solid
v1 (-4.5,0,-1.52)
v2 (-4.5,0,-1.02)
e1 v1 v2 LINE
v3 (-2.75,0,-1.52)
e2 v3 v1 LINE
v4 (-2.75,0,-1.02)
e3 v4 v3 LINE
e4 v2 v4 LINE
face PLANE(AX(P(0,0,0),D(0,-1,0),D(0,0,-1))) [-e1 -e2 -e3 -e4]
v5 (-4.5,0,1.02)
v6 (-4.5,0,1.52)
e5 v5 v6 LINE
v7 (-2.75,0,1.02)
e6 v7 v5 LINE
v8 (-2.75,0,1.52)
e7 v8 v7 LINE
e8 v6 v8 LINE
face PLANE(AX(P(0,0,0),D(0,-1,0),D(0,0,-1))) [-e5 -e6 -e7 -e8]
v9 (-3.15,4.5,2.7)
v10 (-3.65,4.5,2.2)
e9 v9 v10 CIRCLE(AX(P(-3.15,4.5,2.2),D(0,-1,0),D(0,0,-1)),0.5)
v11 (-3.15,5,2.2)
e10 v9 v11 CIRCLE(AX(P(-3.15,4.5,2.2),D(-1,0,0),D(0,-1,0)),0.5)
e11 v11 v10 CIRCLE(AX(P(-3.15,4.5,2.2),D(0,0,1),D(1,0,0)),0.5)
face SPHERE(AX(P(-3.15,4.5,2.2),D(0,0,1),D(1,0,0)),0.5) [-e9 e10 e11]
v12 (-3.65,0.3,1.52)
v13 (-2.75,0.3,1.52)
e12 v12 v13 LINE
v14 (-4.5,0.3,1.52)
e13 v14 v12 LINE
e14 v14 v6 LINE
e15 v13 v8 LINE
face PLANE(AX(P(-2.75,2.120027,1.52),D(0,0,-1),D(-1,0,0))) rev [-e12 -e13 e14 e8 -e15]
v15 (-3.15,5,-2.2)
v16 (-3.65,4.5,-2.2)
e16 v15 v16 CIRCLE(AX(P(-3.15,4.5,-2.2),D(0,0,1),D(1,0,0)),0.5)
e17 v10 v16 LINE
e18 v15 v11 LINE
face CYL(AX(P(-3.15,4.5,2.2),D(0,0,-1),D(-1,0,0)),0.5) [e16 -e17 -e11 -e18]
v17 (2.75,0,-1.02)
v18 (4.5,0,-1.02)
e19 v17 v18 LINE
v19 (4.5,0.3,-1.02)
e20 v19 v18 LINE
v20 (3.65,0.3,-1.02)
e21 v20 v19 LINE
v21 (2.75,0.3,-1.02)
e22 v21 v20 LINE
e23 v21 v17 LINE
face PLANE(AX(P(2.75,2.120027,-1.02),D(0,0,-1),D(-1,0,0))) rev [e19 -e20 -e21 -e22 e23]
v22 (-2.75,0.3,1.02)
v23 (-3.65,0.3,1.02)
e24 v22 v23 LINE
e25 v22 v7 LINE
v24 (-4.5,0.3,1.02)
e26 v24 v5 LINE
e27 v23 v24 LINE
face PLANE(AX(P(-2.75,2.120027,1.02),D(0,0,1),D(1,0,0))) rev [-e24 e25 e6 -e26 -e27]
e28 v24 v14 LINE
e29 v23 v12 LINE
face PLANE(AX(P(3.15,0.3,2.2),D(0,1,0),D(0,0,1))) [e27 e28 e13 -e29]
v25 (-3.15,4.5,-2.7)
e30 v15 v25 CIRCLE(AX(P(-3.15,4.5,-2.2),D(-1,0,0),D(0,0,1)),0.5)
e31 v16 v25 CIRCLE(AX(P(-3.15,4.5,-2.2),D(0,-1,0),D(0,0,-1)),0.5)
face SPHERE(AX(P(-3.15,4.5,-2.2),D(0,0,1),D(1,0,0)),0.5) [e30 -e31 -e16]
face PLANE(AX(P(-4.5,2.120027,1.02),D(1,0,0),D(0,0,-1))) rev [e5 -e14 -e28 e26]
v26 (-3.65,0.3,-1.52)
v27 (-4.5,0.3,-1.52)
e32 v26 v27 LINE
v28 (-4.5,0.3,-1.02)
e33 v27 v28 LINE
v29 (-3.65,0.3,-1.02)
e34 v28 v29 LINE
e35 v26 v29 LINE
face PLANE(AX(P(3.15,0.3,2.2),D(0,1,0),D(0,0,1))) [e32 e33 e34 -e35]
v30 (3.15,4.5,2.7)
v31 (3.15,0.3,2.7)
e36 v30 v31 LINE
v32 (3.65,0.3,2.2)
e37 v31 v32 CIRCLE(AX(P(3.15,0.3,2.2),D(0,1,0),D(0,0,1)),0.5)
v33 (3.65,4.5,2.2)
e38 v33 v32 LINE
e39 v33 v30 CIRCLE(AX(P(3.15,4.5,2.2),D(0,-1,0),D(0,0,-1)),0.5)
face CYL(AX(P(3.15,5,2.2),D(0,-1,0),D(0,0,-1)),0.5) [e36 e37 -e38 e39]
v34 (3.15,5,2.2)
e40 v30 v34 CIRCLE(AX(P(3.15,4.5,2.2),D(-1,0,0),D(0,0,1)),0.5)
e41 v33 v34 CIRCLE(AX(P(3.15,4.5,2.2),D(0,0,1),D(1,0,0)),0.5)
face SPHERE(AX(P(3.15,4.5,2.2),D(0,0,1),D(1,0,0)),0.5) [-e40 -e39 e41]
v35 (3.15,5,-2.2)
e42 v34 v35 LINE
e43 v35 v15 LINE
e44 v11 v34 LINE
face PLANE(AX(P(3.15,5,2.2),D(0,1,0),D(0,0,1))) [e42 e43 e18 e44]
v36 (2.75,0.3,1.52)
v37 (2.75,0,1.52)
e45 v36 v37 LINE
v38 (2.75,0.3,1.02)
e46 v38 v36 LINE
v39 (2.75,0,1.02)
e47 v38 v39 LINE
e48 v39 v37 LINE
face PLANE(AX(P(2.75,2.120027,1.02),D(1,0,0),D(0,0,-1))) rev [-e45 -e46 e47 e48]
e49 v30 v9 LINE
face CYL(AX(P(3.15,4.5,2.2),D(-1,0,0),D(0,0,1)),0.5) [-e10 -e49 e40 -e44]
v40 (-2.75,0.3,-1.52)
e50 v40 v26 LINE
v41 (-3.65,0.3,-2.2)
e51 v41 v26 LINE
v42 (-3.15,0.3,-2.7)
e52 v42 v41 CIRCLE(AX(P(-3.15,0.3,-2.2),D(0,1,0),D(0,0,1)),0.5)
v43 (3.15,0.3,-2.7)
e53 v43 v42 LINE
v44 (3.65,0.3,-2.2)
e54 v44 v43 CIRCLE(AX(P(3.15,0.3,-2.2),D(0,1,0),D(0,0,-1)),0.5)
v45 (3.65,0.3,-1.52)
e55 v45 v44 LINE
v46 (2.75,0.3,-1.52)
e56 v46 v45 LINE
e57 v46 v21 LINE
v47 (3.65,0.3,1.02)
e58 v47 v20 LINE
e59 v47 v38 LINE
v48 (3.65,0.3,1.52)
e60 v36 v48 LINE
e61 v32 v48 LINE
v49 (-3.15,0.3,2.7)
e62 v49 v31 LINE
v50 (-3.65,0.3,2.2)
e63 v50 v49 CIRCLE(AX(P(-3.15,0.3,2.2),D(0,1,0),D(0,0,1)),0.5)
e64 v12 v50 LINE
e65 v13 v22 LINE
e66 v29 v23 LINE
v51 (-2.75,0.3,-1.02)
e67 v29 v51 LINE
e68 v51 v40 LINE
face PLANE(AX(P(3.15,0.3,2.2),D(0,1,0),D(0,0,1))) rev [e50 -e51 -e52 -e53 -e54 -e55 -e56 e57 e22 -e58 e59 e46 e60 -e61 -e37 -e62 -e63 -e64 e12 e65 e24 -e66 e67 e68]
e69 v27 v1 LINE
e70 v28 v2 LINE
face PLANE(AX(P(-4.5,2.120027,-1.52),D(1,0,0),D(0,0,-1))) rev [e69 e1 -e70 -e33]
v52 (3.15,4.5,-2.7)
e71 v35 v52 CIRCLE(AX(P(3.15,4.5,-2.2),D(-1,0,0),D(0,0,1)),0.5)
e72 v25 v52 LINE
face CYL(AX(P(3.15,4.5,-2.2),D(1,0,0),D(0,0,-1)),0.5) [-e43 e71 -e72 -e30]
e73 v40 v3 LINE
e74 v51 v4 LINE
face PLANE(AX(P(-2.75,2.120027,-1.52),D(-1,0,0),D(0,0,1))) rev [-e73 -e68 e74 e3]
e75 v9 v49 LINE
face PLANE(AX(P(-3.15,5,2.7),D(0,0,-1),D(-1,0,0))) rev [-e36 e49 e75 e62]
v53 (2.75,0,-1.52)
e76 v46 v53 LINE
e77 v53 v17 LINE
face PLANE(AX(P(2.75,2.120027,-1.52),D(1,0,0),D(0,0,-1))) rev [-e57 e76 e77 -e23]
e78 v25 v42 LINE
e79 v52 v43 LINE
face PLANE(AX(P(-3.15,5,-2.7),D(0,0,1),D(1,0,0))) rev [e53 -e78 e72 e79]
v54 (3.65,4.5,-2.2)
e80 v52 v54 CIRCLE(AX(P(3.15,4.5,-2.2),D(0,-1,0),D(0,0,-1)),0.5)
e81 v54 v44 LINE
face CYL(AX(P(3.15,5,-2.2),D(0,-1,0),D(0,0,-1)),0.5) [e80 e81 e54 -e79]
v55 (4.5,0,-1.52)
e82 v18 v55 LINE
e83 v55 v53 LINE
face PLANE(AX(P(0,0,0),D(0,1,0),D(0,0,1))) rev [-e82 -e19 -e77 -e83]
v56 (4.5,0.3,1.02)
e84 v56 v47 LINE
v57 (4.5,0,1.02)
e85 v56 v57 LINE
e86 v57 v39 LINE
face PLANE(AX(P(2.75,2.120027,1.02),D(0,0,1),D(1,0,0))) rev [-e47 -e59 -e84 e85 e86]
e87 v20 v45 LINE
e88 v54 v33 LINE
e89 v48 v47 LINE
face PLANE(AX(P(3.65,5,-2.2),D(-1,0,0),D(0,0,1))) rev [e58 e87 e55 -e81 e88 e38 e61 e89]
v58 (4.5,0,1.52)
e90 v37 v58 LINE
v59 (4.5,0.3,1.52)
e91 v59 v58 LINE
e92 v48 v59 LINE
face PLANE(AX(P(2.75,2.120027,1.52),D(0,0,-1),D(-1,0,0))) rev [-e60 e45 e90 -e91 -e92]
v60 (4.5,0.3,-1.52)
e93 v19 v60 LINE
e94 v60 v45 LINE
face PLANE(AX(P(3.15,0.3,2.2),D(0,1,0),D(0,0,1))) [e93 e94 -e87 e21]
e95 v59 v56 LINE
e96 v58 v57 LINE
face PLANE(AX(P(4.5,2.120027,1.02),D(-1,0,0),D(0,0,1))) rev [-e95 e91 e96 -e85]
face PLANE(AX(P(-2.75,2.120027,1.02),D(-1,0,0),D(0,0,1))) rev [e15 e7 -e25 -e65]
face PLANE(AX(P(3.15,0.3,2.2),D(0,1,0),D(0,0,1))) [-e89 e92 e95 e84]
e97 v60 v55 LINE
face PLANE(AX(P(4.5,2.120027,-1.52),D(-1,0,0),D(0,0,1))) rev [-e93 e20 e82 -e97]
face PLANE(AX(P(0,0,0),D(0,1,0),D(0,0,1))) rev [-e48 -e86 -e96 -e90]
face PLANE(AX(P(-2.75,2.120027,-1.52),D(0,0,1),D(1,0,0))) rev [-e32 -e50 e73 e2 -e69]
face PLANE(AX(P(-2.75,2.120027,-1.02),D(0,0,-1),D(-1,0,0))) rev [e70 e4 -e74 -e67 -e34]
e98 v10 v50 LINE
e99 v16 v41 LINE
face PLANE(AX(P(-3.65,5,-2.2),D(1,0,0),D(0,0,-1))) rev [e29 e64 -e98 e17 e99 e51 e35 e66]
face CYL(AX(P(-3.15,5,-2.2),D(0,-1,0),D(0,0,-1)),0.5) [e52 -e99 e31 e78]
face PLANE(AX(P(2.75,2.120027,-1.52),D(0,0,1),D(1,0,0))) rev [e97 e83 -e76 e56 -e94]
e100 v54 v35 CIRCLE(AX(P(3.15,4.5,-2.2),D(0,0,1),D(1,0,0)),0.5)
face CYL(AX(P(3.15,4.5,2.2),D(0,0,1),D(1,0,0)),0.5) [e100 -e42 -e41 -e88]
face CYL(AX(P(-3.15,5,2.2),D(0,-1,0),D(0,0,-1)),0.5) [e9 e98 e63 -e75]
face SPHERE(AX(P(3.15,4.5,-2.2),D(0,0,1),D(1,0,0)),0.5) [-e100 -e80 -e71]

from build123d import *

# Parameters (mm, degrees)
BOSS_EXTRUDE1_START = 0.3
BOSS_EXTRUDE1_DEPTH = 4.7
SKETCH2_W           = 1.75
SKETCH2_H           = 0.5
BOSS_EXTRUDE2_DEPTH = 0.3
FILLET1_R           = 0.5


with BuildPart() as part:
    # Sketch1 → Boss-Extrude1 (new body)
    with BuildSketch(Plane(origin=(0, 0, 0), x_dir=(1, 0, 0), z_dir=(0, 1, 0)).offset(BOSS_EXTRUDE1_START)):
        with BuildLine():
            Line((-3.15, 2.7), (3.15, 2.7))
            ThreePointArc((3.15, 2.7), (3.503553391, 2.553553391), (3.65, 2.2))
            Line((3.65, 2.2), (3.65, -2.2))
            ThreePointArc((3.65, -2.2), (3.503553391, -2.553553391), (3.15, -2.7))
            Line((3.15, -2.7), (-3.15, -2.7))
            ThreePointArc((-3.15, -2.7), (-3.503553391, -2.553553391), (-3.65, -2.2))
            Line((-3.65, -2.2), (-3.65, 2.2))
            ThreePointArc((-3.65, 2.2), (-3.503553391, 2.553553391), (-3.15, 2.7))
        make_face()
    extrude(amount=BOSS_EXTRUDE1_DEPTH)

    # Sketch2 → Boss-Extrude2 (add)
    with BuildSketch(Plane(origin=(0, 0, 0), x_dir=(1, 0, 0), z_dir=(0, 1, 0))):
        with Locations((3.625, -1.27)):
            Rectangle(SKETCH2_W, SKETCH2_H)
        with Locations((3.625, 1.27)):
            Rectangle(SKETCH2_W, SKETCH2_H)
        with Locations((-3.625, 1.27)):
            Rectangle(SKETCH2_W, SKETCH2_H)
        with Locations((-3.625, -1.27)):
            Rectangle(SKETCH2_W, SKETCH2_H)
    extrude(amount=BOSS_EXTRUDE2_DEPTH)

    # Fillet1
    fillet1_edges = [part.edges().sort_by_distance(p)[0] for p in [
        (3.503553391, 5, -2.553553391),
        (0, 5, -2.7),
        (-3.503553391, 5, -2.553553391),
        (-3.65, 5, 0),
        (-3.503553391, 5, 2.553553391),
        (0, 5, 2.7),
        (3.503553391, 5, 2.553553391),
        (3.65, 5, 0),
    ]]
    fillet(fillet1_edges, radius=FILLET1_R)


solid = part.part
